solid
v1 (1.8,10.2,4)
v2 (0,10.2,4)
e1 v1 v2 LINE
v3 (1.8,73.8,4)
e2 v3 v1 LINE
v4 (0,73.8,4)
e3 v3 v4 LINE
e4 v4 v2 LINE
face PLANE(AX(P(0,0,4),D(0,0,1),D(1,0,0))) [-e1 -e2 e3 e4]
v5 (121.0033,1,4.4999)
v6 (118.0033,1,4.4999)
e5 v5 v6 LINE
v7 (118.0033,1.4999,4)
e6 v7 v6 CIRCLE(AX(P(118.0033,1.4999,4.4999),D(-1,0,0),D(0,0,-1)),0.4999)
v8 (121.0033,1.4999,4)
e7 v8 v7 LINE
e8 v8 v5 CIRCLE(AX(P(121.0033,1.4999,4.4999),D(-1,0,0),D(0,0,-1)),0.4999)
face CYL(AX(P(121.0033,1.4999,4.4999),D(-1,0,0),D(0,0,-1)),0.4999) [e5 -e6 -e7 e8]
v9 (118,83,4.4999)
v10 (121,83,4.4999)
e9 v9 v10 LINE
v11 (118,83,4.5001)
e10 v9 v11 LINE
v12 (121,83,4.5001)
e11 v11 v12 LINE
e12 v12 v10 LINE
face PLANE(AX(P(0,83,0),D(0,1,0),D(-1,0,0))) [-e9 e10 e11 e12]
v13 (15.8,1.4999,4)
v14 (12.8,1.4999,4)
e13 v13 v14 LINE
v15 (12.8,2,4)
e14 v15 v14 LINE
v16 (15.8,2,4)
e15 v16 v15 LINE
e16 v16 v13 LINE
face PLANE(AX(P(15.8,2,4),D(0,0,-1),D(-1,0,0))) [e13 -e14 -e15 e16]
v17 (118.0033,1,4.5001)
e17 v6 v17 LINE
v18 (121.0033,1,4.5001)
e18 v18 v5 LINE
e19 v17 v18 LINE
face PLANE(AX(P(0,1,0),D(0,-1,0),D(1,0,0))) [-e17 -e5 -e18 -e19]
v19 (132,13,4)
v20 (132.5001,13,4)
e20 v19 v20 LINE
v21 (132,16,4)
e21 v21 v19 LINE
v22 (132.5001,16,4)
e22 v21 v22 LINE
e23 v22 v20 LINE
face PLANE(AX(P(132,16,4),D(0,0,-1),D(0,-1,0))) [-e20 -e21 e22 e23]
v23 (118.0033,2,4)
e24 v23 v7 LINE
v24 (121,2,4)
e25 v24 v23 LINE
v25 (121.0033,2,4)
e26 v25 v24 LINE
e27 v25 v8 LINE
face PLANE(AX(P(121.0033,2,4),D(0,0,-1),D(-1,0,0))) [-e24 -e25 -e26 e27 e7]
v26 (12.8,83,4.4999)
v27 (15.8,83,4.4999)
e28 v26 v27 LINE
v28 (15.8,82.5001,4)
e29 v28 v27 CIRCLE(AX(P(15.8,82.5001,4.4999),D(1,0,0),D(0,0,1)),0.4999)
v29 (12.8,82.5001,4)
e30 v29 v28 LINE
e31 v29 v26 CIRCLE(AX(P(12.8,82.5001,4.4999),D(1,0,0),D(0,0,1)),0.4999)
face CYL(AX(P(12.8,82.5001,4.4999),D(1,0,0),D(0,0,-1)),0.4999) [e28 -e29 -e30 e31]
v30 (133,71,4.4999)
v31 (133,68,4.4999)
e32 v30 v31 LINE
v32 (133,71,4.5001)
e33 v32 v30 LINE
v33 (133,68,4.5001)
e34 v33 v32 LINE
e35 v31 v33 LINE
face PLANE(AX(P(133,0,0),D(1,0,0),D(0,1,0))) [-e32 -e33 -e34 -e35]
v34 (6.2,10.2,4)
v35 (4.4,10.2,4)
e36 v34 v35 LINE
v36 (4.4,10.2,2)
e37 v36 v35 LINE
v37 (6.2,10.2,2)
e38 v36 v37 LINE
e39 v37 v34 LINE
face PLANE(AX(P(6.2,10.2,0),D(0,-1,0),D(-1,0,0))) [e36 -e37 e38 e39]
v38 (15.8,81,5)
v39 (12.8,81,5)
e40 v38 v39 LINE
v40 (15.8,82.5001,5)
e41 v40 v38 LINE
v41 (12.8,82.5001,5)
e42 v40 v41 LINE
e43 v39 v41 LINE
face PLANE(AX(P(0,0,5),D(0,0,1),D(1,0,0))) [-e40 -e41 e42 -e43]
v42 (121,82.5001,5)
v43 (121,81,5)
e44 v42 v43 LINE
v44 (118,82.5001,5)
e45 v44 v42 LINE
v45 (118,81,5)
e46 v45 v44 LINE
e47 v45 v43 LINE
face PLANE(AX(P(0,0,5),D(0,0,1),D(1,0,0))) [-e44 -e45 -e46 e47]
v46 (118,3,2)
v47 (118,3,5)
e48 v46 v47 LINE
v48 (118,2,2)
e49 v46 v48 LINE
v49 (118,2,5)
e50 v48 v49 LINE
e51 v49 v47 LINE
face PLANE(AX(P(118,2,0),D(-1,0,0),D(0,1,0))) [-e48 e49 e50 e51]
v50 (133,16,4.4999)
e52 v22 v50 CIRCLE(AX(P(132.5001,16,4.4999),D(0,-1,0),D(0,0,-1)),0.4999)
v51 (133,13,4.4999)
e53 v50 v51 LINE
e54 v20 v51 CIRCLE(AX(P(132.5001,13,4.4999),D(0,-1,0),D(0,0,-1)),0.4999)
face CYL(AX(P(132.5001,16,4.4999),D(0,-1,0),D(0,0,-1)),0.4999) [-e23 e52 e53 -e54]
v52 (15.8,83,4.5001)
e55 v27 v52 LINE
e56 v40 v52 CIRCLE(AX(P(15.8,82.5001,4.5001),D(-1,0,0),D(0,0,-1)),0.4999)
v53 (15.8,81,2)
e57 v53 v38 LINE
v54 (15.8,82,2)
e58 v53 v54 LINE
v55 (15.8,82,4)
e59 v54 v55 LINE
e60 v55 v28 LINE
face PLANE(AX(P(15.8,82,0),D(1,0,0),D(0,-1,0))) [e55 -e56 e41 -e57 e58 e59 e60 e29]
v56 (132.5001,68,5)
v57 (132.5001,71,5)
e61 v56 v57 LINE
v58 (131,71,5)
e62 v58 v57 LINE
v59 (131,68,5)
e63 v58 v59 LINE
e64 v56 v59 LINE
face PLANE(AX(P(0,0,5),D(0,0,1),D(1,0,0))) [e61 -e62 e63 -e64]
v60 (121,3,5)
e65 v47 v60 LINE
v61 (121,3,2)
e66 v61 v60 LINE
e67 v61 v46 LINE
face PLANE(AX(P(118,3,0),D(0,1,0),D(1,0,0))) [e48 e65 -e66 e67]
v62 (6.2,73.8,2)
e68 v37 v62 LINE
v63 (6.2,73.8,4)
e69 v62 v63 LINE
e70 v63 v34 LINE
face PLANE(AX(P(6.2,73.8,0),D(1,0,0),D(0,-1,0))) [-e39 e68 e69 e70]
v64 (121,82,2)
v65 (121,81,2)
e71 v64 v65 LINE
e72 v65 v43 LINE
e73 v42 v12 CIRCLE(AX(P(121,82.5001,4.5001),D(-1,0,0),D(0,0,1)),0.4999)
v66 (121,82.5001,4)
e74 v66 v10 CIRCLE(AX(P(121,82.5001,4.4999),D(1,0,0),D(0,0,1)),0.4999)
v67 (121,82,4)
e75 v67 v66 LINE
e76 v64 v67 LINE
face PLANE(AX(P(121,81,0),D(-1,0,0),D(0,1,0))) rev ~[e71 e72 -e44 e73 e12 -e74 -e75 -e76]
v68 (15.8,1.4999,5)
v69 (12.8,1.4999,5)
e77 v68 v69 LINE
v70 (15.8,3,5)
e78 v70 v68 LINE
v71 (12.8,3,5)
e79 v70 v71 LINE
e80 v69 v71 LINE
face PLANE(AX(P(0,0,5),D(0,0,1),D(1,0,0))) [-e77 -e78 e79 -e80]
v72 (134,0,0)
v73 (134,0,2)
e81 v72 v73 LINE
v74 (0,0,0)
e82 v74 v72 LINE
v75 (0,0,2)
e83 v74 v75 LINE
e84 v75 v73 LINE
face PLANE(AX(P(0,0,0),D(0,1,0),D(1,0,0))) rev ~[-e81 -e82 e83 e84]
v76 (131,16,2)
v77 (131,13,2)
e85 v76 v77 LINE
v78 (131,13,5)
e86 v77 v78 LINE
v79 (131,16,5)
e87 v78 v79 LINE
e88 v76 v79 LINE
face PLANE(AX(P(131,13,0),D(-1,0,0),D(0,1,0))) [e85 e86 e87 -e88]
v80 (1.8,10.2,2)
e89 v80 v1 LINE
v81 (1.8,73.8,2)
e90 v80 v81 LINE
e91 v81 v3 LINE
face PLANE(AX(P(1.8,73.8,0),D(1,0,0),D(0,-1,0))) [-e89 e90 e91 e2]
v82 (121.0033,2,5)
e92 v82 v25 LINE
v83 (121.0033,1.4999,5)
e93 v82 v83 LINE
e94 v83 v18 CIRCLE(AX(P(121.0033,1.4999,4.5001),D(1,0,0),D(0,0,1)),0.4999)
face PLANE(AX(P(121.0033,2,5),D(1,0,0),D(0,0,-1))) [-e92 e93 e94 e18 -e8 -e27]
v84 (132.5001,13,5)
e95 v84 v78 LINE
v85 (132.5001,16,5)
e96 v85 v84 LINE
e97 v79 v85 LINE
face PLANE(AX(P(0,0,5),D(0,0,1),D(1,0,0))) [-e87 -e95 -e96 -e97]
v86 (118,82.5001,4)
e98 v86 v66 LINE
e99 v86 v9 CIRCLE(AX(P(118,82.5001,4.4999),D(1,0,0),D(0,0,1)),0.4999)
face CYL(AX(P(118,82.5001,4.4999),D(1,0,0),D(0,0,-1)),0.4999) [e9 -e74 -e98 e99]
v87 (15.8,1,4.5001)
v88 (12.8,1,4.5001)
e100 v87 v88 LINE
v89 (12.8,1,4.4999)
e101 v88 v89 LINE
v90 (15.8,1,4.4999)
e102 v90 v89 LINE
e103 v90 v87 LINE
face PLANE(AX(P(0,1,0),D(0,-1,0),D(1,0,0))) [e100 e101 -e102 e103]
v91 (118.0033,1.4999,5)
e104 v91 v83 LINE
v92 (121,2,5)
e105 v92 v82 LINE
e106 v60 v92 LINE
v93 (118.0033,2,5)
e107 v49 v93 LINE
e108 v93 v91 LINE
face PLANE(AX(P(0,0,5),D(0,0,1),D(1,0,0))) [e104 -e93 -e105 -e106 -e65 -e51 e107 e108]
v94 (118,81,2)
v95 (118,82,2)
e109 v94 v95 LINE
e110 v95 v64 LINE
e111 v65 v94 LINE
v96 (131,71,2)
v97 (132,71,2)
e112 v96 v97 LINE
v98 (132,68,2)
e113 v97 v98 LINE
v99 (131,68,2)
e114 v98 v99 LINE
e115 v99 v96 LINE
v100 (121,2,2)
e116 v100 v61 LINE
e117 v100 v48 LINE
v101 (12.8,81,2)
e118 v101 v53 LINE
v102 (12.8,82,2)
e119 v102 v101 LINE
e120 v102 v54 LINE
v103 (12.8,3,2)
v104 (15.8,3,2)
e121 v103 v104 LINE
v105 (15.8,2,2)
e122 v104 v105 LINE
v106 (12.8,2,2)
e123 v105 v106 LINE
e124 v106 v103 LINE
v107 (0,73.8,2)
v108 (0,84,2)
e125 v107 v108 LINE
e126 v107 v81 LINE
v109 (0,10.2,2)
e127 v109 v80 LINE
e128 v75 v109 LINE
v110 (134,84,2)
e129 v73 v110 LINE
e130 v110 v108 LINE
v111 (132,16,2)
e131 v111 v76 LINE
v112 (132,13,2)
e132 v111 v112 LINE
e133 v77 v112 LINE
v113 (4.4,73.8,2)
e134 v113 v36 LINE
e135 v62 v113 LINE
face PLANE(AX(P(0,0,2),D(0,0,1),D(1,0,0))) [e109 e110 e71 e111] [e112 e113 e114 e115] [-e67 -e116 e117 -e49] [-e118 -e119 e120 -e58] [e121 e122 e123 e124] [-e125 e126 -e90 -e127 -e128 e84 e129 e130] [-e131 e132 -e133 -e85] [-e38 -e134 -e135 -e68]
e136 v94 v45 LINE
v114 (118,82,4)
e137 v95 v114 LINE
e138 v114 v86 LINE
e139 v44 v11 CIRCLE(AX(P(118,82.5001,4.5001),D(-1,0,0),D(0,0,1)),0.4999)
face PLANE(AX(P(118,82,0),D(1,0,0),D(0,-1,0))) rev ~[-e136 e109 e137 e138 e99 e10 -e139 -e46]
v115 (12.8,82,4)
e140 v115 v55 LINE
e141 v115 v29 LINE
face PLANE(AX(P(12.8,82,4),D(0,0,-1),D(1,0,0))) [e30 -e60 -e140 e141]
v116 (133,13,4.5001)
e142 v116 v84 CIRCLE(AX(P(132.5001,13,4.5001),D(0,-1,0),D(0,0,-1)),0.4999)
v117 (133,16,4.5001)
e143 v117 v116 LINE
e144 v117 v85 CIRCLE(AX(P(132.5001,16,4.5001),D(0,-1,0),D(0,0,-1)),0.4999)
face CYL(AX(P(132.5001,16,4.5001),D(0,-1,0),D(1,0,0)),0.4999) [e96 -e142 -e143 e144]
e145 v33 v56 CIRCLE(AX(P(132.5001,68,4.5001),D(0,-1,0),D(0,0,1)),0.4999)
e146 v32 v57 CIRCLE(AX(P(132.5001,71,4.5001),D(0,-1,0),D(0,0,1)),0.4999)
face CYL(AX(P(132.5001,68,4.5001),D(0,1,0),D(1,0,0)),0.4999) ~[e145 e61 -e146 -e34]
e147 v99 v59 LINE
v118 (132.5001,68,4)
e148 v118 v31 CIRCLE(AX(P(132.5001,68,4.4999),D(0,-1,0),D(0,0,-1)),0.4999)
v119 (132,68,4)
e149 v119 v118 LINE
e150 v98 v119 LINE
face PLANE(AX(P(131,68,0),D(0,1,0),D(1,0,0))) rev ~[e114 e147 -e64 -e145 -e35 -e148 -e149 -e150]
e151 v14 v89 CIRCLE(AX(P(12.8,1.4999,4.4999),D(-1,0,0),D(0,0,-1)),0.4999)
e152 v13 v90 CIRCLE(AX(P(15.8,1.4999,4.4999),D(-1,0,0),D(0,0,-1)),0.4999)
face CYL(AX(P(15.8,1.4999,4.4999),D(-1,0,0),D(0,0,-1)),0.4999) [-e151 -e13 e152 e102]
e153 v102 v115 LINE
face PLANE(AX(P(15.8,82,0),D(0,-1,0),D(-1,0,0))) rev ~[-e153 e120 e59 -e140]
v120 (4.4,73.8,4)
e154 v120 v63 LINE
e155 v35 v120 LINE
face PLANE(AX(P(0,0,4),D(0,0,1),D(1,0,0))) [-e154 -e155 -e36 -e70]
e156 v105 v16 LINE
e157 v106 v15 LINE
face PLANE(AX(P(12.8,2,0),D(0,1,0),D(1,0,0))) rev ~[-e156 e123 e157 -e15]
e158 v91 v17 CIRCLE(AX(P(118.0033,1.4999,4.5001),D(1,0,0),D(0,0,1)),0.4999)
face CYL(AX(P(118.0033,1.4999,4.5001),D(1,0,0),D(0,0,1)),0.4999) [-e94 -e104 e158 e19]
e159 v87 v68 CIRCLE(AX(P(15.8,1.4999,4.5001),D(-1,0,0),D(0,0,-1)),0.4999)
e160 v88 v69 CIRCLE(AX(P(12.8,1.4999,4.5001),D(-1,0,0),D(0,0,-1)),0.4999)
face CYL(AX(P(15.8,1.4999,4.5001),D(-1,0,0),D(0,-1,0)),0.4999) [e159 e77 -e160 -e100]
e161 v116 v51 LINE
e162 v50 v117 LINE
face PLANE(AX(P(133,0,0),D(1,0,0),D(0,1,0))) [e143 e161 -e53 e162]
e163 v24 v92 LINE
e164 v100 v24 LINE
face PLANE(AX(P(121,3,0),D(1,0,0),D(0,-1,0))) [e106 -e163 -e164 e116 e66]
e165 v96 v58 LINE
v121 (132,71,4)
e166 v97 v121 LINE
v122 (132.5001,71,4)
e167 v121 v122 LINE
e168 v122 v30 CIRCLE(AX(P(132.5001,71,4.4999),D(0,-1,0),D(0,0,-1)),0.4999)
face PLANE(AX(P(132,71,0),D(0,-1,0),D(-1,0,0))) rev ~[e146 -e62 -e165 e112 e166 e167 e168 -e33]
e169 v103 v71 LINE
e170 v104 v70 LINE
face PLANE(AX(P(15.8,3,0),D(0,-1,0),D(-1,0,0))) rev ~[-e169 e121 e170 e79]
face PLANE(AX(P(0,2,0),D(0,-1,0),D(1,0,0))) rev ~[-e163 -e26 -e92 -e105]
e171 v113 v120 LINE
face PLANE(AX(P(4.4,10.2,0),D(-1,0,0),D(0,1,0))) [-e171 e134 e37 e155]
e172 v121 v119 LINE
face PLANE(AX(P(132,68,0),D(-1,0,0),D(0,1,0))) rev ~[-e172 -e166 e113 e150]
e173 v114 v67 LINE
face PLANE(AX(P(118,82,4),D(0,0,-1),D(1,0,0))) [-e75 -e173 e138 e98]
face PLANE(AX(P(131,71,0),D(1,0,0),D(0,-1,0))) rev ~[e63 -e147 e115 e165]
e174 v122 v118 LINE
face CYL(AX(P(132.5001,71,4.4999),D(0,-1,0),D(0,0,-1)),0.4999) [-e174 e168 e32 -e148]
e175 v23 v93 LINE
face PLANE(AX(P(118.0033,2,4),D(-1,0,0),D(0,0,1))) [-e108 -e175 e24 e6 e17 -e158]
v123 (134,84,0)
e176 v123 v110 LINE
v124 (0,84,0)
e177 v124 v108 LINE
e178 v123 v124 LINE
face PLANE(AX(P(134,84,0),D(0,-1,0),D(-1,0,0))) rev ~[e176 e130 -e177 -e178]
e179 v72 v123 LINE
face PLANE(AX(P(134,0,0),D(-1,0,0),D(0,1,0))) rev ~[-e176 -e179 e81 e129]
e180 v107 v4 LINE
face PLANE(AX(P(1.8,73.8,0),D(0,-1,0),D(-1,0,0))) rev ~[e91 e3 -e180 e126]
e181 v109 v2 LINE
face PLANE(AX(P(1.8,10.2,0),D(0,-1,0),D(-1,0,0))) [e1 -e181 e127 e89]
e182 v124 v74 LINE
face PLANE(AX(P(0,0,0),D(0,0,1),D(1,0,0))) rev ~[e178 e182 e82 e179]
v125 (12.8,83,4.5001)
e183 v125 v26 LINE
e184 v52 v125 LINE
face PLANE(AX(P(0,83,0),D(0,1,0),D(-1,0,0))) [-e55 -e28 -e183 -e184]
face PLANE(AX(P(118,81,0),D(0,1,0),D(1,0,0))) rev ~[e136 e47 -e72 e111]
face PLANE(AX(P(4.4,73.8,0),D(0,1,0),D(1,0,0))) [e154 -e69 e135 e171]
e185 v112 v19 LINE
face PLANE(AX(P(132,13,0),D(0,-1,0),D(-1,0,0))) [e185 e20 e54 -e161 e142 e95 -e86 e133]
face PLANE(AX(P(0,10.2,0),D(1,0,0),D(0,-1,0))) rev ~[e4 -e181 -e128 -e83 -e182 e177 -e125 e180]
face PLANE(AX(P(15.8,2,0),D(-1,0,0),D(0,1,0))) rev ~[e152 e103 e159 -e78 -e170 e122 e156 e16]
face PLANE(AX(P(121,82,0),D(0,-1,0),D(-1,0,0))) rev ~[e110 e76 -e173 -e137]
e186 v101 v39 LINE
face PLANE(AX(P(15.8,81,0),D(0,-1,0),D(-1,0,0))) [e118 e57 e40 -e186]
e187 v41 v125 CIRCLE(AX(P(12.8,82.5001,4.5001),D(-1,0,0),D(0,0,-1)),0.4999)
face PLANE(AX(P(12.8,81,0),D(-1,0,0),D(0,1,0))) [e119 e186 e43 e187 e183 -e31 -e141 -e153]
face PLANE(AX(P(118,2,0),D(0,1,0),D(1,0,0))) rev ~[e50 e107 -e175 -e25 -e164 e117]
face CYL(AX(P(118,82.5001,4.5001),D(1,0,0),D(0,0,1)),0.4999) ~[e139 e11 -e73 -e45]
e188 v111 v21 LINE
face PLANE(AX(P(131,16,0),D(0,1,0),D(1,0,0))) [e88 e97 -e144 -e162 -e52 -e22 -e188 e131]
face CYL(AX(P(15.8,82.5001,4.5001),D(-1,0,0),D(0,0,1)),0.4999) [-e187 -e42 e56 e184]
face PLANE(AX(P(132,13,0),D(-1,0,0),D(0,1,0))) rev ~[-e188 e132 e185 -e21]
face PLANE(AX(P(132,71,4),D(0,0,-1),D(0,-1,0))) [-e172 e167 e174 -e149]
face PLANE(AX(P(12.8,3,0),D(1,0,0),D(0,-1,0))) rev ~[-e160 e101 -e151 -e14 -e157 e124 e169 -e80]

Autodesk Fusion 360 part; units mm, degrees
sketch "Sketch1" plane through (0, 0, 0) normal (0, 0, 1) x (1, 0, 0)
  line L0 (0, 0) -> (134, 0)
  line L1 (134, 0) -> (134, 84)
  line L2 (134, 84) -> (0, 84)
  line L3 (0, 84) -> (0, 0)
  line L4 (2, 2) -> (132, 2)
  line L5 (132, 2) -> (132, 82)
  line L6 (132, 82) -> (2, 82)
  line L7 (0, 82) -> (1.8, 82)
  line L8 (1.8, 82) -> (1.8, 73.8)
  line L9 (1.8, 73.8) -> (0, 73.8)
  line L10 (0, 73.8) -> (0, 82)
  line L11 (0, 73.8) -> (1.8, 73.8)
  line L12 (1.8, 73.8) -> (1.8, 10.2)
  line L13 (1.8, 10.2) -> (0, 10.2)
  line L14 (0, 10.2) -> (0, 73.8)
  line L15 (4.4, 73.8) -> (4.4, 72.6661)
  line L16 (2, 72.6661) -> (2, 73.8)
  line L17 (4.4, 73.8) -> (6.2, 73.8)
  line L18 (6.2, 73.8) -> (6.2, 10.2)
  line L19 (6.2, 10.2) -> (4.4, 10.2)
  line L20 (4.4, 10.2) -> (4.4, 73.8)
  line L21 (2, 82) -> (1.8, 82)
  line L22 (1.8, 10.2) -> (1.8, 2)
  line L23 (2, 2) -> (1.8, 2)
  line L24 (1.8, 2) -> (12.8, 2)
  line L25 (12.8, 2) -> (15.8, 2)
  line L26 (15.8, 2) -> (15.8, 3)
  line L27 (15.8, 3) -> (12.8, 3)
  line L28 (12.8, 3) -> (12.8, 2)
  line L29 (12.8, 82) -> (15.8, 82)
  line L30 (15.8, 82) -> (15.8, 81)
  line L31 (15.8, 81) -> (12.8, 81)
  line L32 (12.8, 81) -> (12.8, 82)
  line L33 (132, 82) -> (121, 82)
  line L34 (132, 82) -> (132, 71)
  line L35 (121, 82) -> (118, 82)
  line L36 (118, 82) -> (118, 81)
  line L37 (118, 81) -> (121, 81)
  line L38 (121, 81) -> (121, 82)
  line L39 (132, 71) -> (131, 71)
  line L40 (131, 71) -> (131, 68)
  line L41 (131, 68) -> (132, 68)
  line L42 (132, 68) -> (132, 71)
  line L43 (132, 2) -> (132, 13)
  line L44 (132, 2) -> (121, 2)
  line L45 (132, 13) -> (131, 13)
  line L46 (131, 13) -> (131, 16)
  line L47 (131, 16) -> (132, 16)
  line L48 (132, 16) -> (132, 13)
  line L49 (121, 2) -> (118, 2)
  line L50 (118, 2) -> (118, 3)
  line L51 (118, 3) -> (121, 3)
  line L52 (121, 3) -> (121, 2)
  dimension "d1" = 134
  dimension "d2" = 84
  dimension "d33" = 130
  dimension "d34" = 80
  dimension "d35" = 1.8
  dimension "d36" = 8.2
  dimension "d37" = 63.6
  dimension "d38" = 2.4
  dimension "d39" = 1.8
  dimension "d41" = 11
  dimension "d42" = 3
  dimension "d43" = 1
  dimension "d44" = 1
  dimension "d45" = 11
  dimension "d46" = 11
  dimension "d47" = 3
  dimension "d48" = 11
  dimension "d49" = 11
  dimension "d50" = 1
  dimension "d51" = 3
extrude "Extrude1" add sketch "Sketch1" along normal blind 2 contours L0 L1 L2 L3 L4 L5 L6 L7 L13 L21 L22 L23 L24 L25 L29 L33 L34 L35 L42 L43 L44 L48 L49 | L3 L9 L11 L12 L13 L14 | L3 L7 L8 L9 L10 L11 | L4 L5 L6 L8 L12 L21 L22 L23 L24 L26 L27 L28 L30 L31 L32 L33 L34 L36 L37 L38 L39 L40 L41 L43 L44 L45 L46 L47 L50 L51 L52 | L4 L25 L26 L27 L28 | L6 L29 L30 L31 L32 | L4 L49 L50 L51 L52 | L6 L35 L36 L37 L38 | L5 L45 L46 L47 L48 | L5 L39 L40 L41 L42 | L15 L17 L18 L19 L20
extrude "Extrude7" add sketch "Sketch1" along normal blind 5 contours L4 L25 L26 L27 L28 | L6 L29 L30 L31 L32 | L4 L49 L50 L51 L52 | L6 L35 L36 L37 L38 | L5 L45 L46 L47 L48 | L5 L39 L40 L41 L42
extrude "Extrude8" add sketch "Sketch1" along normal blind 4 contours L3 L9 L11 L12 L13 L14 | L15 L17 L18 L19 L20
sketch "Sketch8" plane through (0, 2, 0) normal (0, -1, 0) x (1, 0, 0)
  line L0 (12.8, 2) -> (15.8, 2)
  line L1 (15.8, 2) -> (15.8, 5)
  line L2 (15.8, 5) -> (12.8, 5)
  line L3 (12.8, 5) -> (12.8, 2)
  line L4 (12.8, 5) -> (15.8, 5)
  line L5 (15.8, 5) -> (15.8, 4)
  line L6 (15.8, 4) -> (12.8, 4)
  line L7 (12.8, 4) -> (12.8, 5)
  line L8 (118.0033, 5) -> (121.0033, 5)
  line L9 (121.0033, 5) -> (121.0033, 4)
  line L10 (121.0033, 4) -> (118.0033, 4)
  line L11 (118.0033, 4) -> (118.0033, 5)
  dimension "d56" = 1
  dimension "d57" = 3
  dimension "d58" = 1
extrude "Extrude9" add sketch "Sketch8" along normal blind 1 contours L1 L2 L3 L4 L5 L6 L7 | L8 L9 L10 L11
sketch "Sketch9" plane through (132, 0, 0) normal (1, 0, 0) x (0, 1, 0)
  line L0 (13, 2) -> (16, 2)
  line L1 (16, 2) -> (16, 5)
  line L2 (16, 5) -> (13, 5)
  line L3 (13, 5) -> (13, 2)
  line L4 (13, 5) -> (16, 5)
  line L5 (16, 5) -> (16, 4)
  line L6 (16, 4) -> (13, 4)
  line L7 (13, 4) -> (13, 5)
  line L8 (68, 5) -> (71, 5)
  line L9 (71, 5) -> (71, 4)
  line L10 (71, 4) -> (68, 4)
  line L11 (68, 4) -> (68, 5)
  dimension "d61" = 3
  dimension "d62" = 1
  dimension "d63" = 3
  dimension "d64" = 1
extrude "Extrude10" add sketch "Sketch9" along normal blind 1 contours L1 L2 L3 L4 L5 L6 L7 | L8 L9 L10 L11
sketch "Sketch10" plane through (0, 82, 0) normal (0, 1, 0) x (-1, 0, 0)
  line L0 (-121, 2) -> (-118, 2)
  line L1 (-118, 2) -> (-118, 5)
  line L2 (-118, 5) -> (-121, 5)
  line L3 (-121, 5) -> (-121, 2)
  line L4 (-15.8, 5) -> (-12.8, 5)
  line L5 (-12.8, 5) -> (-12.8, 4)
  line L6 (-12.8, 4) -> (-15.8, 4)
  line L7 (-15.8, 4) -> (-15.8, 5)
  line L8 (-121, 5) -> (-118, 5)
  line L9 (-118, 5) -> (-118, 4)
  line L10 (-118, 4) -> (-121, 4)
  line L11 (-121, 4) -> (-121, 5)
  dimension "d67" = 3
  dimension "d68" = 1
  dimension "d69" = 3
  dimension "d70" = 1
extrude "Extrude11" add sketch "Sketch10" along normal blind 1 contours L1 L2 L3 L8 L9 L10 L11 | L4 L5 L6 L7
fillet "Fillet2" radius 0.5 12 edges at (119.5, 83, 5) (119.5, 83, 4) (133, 69.5, 5) (133, 69.5, 4) (133, 14.5, 5) (133, 14.5, 4) (119.5033, 1, 5) (14.3, 83, 5) (14.3, 83, 4) (14.3, 1, 5) (14.3, 1, 4) (119.5033, 1, 4)
equation "d35 = 2 mm - 0.2 mm"
equation "d37 = 80 mm - ( 8.2 * 2 ) * 1 mm"
equation "d41 = 15 mm - 3 mm - 1 mm"
equation "d52 = 3 mm + 2 mm"
equation "d54 = 2 mm + 2 mm"
